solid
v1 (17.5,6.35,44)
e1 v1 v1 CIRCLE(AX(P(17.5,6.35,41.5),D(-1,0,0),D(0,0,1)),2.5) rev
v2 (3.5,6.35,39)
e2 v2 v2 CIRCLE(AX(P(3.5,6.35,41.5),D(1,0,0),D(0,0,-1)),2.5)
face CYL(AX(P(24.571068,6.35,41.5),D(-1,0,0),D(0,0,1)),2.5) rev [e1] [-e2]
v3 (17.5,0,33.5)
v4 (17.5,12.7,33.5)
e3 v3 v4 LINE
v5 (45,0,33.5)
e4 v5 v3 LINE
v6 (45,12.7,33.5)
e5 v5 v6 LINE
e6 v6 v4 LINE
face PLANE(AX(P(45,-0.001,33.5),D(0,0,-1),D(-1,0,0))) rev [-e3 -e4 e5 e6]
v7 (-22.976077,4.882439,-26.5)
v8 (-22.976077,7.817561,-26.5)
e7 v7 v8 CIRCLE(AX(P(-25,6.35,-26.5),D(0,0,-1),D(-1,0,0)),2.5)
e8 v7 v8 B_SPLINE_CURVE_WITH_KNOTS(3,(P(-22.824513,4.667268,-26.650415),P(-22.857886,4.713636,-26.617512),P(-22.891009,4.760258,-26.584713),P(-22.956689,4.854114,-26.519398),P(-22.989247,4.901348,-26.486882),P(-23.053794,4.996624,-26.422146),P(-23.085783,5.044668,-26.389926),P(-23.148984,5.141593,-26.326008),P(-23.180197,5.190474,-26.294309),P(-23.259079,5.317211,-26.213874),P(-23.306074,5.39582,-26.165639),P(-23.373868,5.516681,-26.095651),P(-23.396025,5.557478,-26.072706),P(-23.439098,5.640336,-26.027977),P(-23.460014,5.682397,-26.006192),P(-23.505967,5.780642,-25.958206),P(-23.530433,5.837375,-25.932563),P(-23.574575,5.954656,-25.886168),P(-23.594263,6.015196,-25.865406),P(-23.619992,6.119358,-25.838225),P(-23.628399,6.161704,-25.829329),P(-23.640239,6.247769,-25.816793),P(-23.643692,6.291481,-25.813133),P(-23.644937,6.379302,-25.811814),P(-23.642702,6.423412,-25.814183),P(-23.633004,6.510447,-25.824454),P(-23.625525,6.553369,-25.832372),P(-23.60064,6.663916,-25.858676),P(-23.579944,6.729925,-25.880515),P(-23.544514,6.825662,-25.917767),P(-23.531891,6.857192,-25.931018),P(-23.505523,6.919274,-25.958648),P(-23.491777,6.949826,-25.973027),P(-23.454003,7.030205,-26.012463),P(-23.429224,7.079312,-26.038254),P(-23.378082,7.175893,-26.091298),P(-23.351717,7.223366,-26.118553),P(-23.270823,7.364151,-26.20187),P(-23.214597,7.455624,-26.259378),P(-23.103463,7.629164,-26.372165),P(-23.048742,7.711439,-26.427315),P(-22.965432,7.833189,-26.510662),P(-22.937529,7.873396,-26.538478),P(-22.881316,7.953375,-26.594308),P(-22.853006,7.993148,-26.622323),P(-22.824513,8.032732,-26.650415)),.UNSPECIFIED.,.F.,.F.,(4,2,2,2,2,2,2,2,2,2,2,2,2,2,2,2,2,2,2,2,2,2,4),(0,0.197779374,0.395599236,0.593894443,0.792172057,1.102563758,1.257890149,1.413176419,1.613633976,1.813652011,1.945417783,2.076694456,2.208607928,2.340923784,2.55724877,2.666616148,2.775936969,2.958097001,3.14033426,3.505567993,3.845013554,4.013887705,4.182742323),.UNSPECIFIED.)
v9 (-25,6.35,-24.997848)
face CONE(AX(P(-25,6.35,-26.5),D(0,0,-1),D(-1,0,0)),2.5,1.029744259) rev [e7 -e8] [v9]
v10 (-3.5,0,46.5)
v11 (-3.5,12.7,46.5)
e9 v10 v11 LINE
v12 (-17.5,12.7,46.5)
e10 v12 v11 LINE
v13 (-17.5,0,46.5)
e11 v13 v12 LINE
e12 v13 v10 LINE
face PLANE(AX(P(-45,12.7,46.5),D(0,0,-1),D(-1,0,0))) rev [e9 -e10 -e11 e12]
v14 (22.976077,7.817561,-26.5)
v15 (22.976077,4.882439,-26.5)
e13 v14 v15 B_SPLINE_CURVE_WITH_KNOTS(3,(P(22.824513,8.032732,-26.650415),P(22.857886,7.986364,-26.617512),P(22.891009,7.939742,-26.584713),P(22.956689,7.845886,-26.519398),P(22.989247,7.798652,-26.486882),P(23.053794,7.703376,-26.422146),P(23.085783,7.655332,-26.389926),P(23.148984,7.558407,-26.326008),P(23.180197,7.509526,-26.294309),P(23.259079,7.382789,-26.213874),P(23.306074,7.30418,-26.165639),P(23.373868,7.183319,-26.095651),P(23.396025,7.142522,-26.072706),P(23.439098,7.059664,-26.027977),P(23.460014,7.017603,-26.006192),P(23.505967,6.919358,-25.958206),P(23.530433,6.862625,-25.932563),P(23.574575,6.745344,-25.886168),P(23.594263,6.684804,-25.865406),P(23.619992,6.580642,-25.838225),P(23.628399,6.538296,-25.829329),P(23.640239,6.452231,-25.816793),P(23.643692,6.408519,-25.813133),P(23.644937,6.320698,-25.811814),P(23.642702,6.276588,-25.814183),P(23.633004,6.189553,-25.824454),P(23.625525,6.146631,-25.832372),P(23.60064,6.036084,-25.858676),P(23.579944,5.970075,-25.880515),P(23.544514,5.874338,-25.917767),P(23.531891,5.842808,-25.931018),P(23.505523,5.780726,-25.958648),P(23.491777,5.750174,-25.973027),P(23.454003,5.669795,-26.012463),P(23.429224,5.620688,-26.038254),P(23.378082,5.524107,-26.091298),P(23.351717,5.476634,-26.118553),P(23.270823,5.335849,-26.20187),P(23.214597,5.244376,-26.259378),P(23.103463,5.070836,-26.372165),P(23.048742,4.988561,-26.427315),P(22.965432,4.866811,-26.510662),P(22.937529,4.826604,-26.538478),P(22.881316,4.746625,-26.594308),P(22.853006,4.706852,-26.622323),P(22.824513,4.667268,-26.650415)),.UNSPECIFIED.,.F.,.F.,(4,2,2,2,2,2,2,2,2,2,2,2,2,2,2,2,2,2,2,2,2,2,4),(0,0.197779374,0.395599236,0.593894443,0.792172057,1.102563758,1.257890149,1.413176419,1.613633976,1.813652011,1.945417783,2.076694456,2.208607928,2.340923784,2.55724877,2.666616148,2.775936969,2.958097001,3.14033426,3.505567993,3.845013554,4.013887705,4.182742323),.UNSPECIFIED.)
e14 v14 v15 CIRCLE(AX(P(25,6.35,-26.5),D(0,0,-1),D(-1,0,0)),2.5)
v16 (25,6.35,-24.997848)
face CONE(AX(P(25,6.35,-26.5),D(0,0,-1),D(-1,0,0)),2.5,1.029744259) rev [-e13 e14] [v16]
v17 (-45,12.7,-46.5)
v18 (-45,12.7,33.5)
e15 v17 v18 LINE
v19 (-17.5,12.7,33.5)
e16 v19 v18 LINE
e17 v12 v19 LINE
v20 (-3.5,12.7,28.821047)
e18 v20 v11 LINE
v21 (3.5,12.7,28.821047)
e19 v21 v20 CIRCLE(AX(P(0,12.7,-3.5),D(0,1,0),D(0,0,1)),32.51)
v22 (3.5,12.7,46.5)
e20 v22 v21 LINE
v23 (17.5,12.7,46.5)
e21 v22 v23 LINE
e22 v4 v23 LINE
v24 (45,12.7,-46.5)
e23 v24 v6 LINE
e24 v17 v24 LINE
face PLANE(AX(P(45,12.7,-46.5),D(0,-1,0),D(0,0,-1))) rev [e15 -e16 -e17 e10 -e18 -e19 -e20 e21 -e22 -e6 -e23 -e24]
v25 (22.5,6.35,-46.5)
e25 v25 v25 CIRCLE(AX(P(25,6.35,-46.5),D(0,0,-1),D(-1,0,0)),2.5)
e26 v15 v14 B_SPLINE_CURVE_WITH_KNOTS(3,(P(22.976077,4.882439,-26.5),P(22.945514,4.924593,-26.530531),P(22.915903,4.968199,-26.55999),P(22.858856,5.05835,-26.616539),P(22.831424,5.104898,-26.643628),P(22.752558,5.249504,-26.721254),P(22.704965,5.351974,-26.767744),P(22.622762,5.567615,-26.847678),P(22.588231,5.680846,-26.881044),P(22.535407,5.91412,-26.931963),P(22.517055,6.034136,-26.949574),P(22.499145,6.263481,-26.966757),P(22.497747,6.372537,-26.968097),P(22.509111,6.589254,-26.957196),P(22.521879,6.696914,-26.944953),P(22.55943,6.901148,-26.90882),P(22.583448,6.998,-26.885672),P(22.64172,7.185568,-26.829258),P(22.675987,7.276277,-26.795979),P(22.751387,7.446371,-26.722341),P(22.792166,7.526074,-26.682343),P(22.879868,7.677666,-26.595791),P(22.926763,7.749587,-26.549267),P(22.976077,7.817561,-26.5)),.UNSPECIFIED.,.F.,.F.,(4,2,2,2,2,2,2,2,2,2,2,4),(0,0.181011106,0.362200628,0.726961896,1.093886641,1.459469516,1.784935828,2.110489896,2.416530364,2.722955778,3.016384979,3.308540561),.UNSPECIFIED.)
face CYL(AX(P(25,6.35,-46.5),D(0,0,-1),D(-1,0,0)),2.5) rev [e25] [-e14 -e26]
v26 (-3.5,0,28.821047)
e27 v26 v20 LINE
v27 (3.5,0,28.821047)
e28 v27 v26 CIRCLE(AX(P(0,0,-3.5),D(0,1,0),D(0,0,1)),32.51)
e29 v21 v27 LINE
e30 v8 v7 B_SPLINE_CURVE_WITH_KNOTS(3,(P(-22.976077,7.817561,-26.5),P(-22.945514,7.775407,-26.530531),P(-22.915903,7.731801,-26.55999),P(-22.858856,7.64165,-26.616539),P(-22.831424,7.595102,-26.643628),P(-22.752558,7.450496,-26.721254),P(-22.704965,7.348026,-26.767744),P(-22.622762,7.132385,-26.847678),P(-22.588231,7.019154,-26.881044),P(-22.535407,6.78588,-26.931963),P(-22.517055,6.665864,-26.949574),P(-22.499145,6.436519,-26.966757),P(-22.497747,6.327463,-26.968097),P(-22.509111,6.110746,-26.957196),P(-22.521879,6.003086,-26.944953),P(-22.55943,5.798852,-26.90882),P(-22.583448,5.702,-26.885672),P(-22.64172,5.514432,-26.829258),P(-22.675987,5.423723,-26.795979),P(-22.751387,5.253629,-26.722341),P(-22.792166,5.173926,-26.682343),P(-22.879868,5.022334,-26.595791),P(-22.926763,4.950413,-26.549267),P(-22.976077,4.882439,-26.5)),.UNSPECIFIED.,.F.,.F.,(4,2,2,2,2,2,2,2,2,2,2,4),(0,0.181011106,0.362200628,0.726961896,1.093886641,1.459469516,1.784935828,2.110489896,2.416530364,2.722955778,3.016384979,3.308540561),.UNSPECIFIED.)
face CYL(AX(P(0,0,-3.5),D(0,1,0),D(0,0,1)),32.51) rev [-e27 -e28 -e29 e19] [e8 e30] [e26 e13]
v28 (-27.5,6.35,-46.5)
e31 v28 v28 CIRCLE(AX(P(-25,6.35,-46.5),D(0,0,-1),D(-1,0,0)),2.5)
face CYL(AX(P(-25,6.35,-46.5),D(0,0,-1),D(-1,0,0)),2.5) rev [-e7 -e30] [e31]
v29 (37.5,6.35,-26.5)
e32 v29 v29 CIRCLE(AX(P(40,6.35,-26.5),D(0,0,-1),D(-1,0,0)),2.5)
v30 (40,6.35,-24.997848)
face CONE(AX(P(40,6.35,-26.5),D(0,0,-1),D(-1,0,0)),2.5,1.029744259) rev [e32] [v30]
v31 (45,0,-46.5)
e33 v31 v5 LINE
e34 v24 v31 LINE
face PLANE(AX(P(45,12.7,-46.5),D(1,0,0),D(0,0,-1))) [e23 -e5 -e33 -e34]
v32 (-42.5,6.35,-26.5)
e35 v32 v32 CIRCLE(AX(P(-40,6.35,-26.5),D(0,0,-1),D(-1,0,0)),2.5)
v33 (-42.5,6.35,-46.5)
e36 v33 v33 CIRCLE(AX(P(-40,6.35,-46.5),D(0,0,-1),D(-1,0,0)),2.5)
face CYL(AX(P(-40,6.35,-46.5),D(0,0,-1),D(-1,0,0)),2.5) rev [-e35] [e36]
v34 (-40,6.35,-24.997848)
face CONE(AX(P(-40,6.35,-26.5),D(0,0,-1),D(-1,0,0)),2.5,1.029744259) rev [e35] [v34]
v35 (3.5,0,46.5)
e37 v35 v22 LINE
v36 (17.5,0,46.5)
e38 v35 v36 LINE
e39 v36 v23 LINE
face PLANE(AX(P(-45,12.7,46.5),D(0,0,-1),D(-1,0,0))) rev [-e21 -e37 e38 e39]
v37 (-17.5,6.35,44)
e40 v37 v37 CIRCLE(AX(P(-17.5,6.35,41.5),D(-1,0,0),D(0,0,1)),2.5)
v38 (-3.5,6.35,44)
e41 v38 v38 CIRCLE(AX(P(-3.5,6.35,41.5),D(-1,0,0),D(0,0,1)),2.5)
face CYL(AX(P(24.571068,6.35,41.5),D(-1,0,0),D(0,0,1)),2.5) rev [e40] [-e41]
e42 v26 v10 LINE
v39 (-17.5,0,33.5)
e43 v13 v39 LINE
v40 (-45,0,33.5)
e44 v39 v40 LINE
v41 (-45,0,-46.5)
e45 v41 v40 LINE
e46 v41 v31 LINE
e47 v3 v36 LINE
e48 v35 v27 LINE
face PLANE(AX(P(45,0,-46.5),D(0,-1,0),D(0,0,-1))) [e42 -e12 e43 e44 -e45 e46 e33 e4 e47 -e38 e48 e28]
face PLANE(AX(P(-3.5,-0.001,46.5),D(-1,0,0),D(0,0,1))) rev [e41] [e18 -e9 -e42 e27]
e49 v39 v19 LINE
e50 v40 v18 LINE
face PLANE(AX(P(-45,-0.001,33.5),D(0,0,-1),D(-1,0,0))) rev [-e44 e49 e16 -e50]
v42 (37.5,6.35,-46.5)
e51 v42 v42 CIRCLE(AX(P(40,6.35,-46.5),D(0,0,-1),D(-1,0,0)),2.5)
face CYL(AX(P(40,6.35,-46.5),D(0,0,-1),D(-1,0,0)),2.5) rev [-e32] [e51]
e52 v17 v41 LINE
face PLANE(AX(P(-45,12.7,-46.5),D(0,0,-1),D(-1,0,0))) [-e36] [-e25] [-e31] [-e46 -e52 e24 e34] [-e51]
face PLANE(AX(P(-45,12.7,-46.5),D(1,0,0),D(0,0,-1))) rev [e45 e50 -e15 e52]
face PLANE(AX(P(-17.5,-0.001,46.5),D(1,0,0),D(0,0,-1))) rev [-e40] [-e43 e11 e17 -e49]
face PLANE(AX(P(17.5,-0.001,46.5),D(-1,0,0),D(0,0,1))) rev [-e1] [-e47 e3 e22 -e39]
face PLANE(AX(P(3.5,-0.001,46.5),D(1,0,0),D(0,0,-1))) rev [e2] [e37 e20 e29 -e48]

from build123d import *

# Parameters (mm, degrees)
ESBO_O1_W                          = 90
ESBO_O1_H                          = 93
RESSALTO_EXTRUS_O1_DEPTH           = 12.7
ESBO_O3_R                          = 32.51
CORTE_EXTRUS_O2_DEPTH              = 66.943460631
CORTE_EXTRUS_O4_REACH              = 67.943
ESBO_O5_W                          = 27.5
ESBO_O5_H                          = 13
CORTE_EXTRUS_O5_REACH              = 67.943
ESBO_O6_W                          = 7
ESBO_O6_H                          = 26.329700269
CORTE_EXTRUS_O6_REACH              = 80.929
ESBO_O7_R                          = 2.5
TALADRO_DE_MARGEN_PARA_00001_D     = 5
TALADRO_DE_MARGEN_PARA_00001_DEPTH = 20
TALADRO_DE_MARGEN_PARA_00001_TIP   = 1.502151548


with BuildPart() as part:
    # Esboço1 → Ressalto-extrusão1 (new body)
    with BuildSketch(Plane(origin=(0, 0, 0), x_dir=(1, 0, 0), z_dir=(0, 1, 0))):
        Rectangle(ESBO_O1_W, ESBO_O1_H)
    extrude(amount=RESSALTO_EXTRUS_O1_DEPTH)

    # Esboço3 → Corte-extrusão2 (cut, through all)
    with BuildSketch(Plane(origin=(0, 12.7, 0), x_dir=(1, 0, 0), z_dir=(0, 1, 0))):
        with Locations(Location((0, 3.5, 0), (0, 0, 270))):
            Circle(ESBO_O3_R)
    extrude(amount=-CORTE_EXTRUS_O2_DEPTH, mode=Mode.SUBTRACT)

    # Esboço5 → Corte-extrusão4 (cut, up to next)
    with BuildSketch(Plane(origin=(0, 12.7, 0), x_dir=(1, 0, 0), z_dir=(0, 1, 0)), mode=Mode.PRIVATE) as corte_extrus_o4_sk1:
        with Locations((31.25, -40)):
            Rectangle(ESBO_O5_W, ESBO_O5_H)
    corte_extrus_o4_tool1 = extrude(corte_extrus_o4_sk1.sketch, amount=-CORTE_EXTRUS_O4_REACH, mode=Mode.PRIVATE) & part.part
    # Esboço5 → Corte-extrusão4 (cut, up to next)
    with BuildSketch(Plane(origin=(0, 12.7, 0), x_dir=(1, 0, 0), z_dir=(0, 1, 0)), mode=Mode.PRIVATE) as corte_extrus_o4_sk2:
        with Locations((-31.25, -40)):
            Rectangle(ESBO_O5_W, ESBO_O5_H)
    corte_extrus_o4_tool2 = extrude(corte_extrus_o4_sk2.sketch, amount=-CORTE_EXTRUS_O4_REACH, mode=Mode.PRIVATE) & part.part
    add(corte_extrus_o4_tool1.solids().sort_by_distance((31.25, 12.7, 40))[0], mode=Mode.SUBTRACT)
    add(corte_extrus_o4_tool2.solids().sort_by_distance((-31.25, 12.7, 40))[0], mode=Mode.SUBTRACT)

    # Esboço6 → Corte-extrusão5 (cut, up to next)
    with BuildSketch(Plane(origin=(0, 12.7, 0), x_dir=(1, 0, 0), z_dir=(0, 1, 0)), mode=Mode.PRIVATE) as corte_extrus_o5_sk1:
        with Locations((0, -33.335149866)):
            Rectangle(ESBO_O6_W, ESBO_O6_H)
    corte_extrus_o5_tool1 = extrude(corte_extrus_o5_sk1.sketch, amount=-CORTE_EXTRUS_O5_REACH, mode=Mode.PRIVATE) & part.part
    add(corte_extrus_o5_tool1.solids().sort_by_distance((0, 12.7, 33.33515))[0], mode=Mode.SUBTRACT)

    # Corte-extrusão6: up to this face of the body (flat: up to its plane)
    corte_extrus_o6_end = Plane(part.part.faces().sort_by_distance((17.5, 6.35, 40))[0])
    # Esboço7 → Corte-extrusão6 (cut, up to the picked face)
    with BuildSketch(Plane.ZY.offset(17.5), mode=Mode.PRIVATE) as corte_extrus_o6_sk1:
        with Locations((41.5, 6.35)):
            Circle(ESBO_O7_R)
    corte_extrus_o6_tool1 = split(extrude(corte_extrus_o6_sk1.sketch, amount=-CORTE_EXTRUS_O6_REACH, mode=Mode.PRIVATE), bisect_by=corte_extrus_o6_end, keep=Keep.BOTH, mode=Mode.PRIVATE)
    add(corte_extrus_o6_tool1.solids().sort_by(Axis((-17.5, 6.35, 41.5), (1, 0, 0)))[0], mode=Mode.SUBTRACT)

    # Taladro de margen para #00001
    with Locations(Plane(origin=(0, 0, -46.5), x_dir=(-1, 0, 0), z_dir=(0, 0, -1))):
        with Locations((-40, 6.35), (-25, 6.35), (40, 6.35), (25, 6.35)):
            Hole(TALADRO_DE_MARGEN_PARA_00001_D / 2, depth=TALADRO_DE_MARGEN_PARA_00001_DEPTH)
            with Locations((0, 0, -(TALADRO_DE_MARGEN_PARA_00001_DEPTH + TALADRO_DE_MARGEN_PARA_00001_TIP / 2))):  # 118° drill point
                Cone(0, TALADRO_DE_MARGEN_PARA_00001_D / 2, TALADRO_DE_MARGEN_PARA_00001_TIP, mode=Mode.SUBTRACT)


solid = part.part
